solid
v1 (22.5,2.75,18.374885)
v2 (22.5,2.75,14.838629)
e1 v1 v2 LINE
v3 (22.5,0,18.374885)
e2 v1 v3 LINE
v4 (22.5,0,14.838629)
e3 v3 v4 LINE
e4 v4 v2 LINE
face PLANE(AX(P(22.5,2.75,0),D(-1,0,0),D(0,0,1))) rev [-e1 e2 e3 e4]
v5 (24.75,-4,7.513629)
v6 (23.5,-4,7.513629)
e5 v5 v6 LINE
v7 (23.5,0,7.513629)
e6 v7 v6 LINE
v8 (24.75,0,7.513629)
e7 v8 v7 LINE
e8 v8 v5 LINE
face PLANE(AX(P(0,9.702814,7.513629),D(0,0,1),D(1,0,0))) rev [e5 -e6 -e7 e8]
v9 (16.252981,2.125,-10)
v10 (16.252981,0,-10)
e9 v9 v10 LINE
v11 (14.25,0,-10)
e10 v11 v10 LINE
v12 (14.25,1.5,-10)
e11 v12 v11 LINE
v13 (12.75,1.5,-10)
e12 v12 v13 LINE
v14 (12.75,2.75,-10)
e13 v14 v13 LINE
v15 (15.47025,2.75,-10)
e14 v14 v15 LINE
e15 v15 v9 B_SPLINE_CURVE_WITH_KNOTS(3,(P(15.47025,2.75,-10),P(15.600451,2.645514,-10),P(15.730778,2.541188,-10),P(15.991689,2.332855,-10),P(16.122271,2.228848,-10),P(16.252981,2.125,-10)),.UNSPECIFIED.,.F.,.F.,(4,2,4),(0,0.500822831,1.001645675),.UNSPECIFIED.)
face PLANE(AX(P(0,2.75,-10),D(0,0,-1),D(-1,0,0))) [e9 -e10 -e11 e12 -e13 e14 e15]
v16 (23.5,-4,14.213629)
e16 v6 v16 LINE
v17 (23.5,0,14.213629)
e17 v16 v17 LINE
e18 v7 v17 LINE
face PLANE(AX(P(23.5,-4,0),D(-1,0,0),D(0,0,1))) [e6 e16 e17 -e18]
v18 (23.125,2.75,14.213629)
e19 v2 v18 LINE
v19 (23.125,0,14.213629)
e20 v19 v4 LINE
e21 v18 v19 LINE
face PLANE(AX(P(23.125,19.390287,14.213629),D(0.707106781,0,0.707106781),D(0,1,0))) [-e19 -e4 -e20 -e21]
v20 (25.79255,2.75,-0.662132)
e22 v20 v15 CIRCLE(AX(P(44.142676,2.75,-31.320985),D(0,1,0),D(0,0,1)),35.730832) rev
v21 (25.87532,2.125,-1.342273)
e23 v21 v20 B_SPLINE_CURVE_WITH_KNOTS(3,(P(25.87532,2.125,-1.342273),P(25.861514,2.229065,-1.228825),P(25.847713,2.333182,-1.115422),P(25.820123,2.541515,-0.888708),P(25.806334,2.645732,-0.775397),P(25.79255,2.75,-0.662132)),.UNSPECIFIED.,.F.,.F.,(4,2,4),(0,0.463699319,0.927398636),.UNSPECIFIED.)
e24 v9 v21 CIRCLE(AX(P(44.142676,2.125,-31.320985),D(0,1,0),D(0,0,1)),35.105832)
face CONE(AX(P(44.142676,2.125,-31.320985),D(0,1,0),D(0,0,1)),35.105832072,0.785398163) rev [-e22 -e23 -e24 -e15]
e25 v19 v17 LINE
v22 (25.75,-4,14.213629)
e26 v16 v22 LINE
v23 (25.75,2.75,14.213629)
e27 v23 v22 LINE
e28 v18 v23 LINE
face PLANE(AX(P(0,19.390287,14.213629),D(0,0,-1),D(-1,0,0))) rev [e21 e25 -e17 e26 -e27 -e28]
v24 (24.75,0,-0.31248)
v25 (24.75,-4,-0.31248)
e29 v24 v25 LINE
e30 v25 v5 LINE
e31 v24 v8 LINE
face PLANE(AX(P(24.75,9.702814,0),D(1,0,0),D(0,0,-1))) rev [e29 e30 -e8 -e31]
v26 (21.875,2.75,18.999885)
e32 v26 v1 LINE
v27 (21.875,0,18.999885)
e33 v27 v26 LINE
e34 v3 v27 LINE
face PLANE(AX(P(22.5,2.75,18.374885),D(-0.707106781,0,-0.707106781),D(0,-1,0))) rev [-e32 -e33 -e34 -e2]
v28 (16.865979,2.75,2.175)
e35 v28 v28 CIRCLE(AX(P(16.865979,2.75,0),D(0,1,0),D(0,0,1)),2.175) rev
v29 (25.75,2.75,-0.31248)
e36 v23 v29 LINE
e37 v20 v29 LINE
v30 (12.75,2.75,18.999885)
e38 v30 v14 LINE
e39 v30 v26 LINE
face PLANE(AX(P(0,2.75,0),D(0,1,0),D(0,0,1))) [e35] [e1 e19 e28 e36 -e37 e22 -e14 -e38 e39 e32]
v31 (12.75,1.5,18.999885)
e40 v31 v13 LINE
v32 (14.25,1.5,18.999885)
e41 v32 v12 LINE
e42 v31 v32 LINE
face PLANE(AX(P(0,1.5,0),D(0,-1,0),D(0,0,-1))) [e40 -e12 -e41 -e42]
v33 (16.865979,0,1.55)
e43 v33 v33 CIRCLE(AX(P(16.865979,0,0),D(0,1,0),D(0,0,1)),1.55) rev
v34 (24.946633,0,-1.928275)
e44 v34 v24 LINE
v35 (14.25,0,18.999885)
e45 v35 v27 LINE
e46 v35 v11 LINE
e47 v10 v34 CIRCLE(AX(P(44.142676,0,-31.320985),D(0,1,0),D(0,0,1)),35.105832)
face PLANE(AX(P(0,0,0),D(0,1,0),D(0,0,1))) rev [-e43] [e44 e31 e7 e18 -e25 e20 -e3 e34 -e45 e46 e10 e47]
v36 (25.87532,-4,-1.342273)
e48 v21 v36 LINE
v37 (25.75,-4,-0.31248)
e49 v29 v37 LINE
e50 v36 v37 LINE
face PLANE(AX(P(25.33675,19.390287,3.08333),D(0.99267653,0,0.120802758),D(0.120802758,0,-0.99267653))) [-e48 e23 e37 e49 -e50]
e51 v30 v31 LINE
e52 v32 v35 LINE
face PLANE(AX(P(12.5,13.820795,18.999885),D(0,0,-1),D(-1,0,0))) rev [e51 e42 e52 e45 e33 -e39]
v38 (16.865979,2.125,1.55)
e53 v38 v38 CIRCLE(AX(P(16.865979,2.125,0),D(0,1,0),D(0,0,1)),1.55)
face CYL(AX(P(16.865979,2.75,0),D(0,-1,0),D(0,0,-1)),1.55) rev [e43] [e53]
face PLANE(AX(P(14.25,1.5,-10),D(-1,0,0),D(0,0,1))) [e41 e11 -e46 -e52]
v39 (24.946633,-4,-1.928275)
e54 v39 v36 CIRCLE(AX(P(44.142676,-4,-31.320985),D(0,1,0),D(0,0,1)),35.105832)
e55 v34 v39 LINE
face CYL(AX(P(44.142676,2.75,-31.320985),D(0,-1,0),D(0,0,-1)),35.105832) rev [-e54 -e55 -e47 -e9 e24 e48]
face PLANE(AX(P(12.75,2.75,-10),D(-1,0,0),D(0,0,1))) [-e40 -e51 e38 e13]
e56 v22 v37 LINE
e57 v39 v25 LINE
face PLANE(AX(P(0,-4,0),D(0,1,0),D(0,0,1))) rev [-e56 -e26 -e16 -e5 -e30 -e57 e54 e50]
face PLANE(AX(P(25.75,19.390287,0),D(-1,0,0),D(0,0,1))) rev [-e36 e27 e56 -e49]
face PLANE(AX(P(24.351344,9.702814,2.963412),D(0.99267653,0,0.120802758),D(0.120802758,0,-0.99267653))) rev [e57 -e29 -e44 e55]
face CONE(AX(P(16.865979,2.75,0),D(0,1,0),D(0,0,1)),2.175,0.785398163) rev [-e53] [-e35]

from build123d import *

# Parameters (mm, degrees)
SKETCH_219_R           = 1.55
EXTRUDE_1_DEPTH        = 2.75
SKETCH_940_W           = 10.000000002
SKETCH_940_H           = 4.75
EXTRUDE_2_DEPTH        = 2.75
SKETCH_1087_W          = 1
SKETCH_1087_H          = 6.95
EXTRUDE_1846_DEPTH     = 2.75
PCB_START              = -4
SKETCH_6_W             = 1
SKETCH_6_H             = 6.95
PCB_DEPTH              = 4
SKETCH_4_W             = 1.75
SKETCH_4_H             = 28.99988509
CUT_EXTRUDE_2332_DEPTH = 1.5
SKETCH_5_W             = 0.25
SKETCH_5_H             = 28.99988509
CUT_EXTRUDE_2_DEPTH    = 33.350081892
CHAMFER_1_SIZE         = 0.625
CUT_EXTRUDE_4_DEPTH    = 4


with BuildPart() as part:
    # Sketch 219 → 底座-1 (new body)
    with BuildSketch(Plane(origin=(0, 0, 0), x_dir=(1, 0, 0), z_dir=(0, 1, 0))):
        with BuildLine():
            Line((22.500000002, -14.24988509), (22.500000002, -7.263629174))
            Line((22.500000002, -7.263629174), (24.500000002, -7.263629174))
            Line((24.500000002, -7.263629174), (24.500000002, 0.312480077))
            Line((24.500000002, 0.312480077), (24.715186194, 2.08073674))
            ThreePointArc((24.715186194, 2.08073674), (20.15501929, 5.688743466), (16.252981126, 10))
            Line((16.252981126, 10), (12.5, 10))
            Line((12.5, 10), (12.5, -14.24988509))
            Line((12.5, -14.24988509), (22.500000002, -14.24988509))
        make_face()
        with Locations(Location((16.865979255, 0, 0), (0, 0, 270))):
            Circle(SKETCH_219_R, mode=Mode.SUBTRACT)
    extrude(amount=EXTRUDE_1_DEPTH)

    # Sketch 940 → 底座-2 (add)
    with BuildSketch(Plane(origin=(0, 0, 0), x_dir=(1, 0, 0), z_dir=(0, 1, 0))):
        with Locations((17.500000001, -16.62488509)):
            Rectangle(SKETCH_940_W, SKETCH_940_H)
    extrude(amount=EXTRUDE_2_DEPTH)

    # Sketch 1087 → Extrude 1846 (add)
    with BuildSketch(Plane(origin=(0, 0, 0), x_dir=(1, 0, 0), z_dir=(0, 1, 0))):
        with BuildLine():
            ThreePointArc((24.715186194, 2.08073674), (25.291636518, 1.705823535), (25.875319612, 1.342273079))
            Line((25.875319612, 1.342273079), (25.750000002, 0.312480077))
            Line((25.750000002, 0.312480077), (25.750000002, -14.213629174))
            Line((25.750000002, -14.213629174), (24.500000002, -14.213629174))
            Line((24.500000002, -14.213629174), (24.500000002, -7.263629174))
            Line((24.500000002, -7.263629174), (24.500000002, 0.312480077))
            Line((24.500000002, 0.312480077), (24.715186194, 2.08073674))
        make_face()
        with Locations((24.000000002, -10.738629174)):
            Rectangle(SKETCH_1087_W, SKETCH_1087_H)
        with Locations((23.000000002, -10.738629174)):
            Rectangle(SKETCH_1087_W, SKETCH_1087_H)
    extrude(amount=EXTRUDE_1846_DEPTH)

    # Sketch 6 → 底座卡榫-注意PCB突出部分 (add)
    with BuildSketch(Plane(origin=(0, 0, 0), x_dir=(1, 0, 0), z_dir=(0, 1, 0)).offset(PCB_START)):
        with Locations((24.000000002, -10.738629174)):
            Rectangle(SKETCH_6_W, SKETCH_6_H)
        with BuildLine():
            ThreePointArc((24.715186194, 2.08073674), (25.291636518, 1.705823535), (25.875319612, 1.342273079))
            Line((25.875319612, 1.342273079), (25.750000002, 0.312480077))
            Line((25.750000002, 0.312480077), (25.750000002, -14.213629174))
            Line((25.750000002, -14.213629174), (24.500000002, -14.213629174))
            Line((24.500000002, -14.213629174), (24.500000002, -7.263629174))
            Line((24.500000002, -7.263629174), (24.500000002, 0.312480077))
            Line((24.500000002, 0.312480077), (24.715186194, 2.08073674))
        make_face()
    extrude(amount=PCB_DEPTH)

    # 草图4 → Cut-Extrude 2332 (cut)
    with BuildSketch(Plane(origin=(0, 0, 0), x_dir=(1, 0, 0), z_dir=(0, 1, 0))):
        with Locations((13.375, -4.499942545)):
            Rectangle(SKETCH_4_W, SKETCH_4_H)
    extrude(amount=CUT_EXTRUDE_2332_DEPTH, mode=Mode.SUBTRACT)

    # 草图5 → 配合切除-2 (cut, through all)
    with BuildSketch(Plane(origin=(0, 0, 0), x_dir=(1, 0, 0), z_dir=(0, 1, 0))):
        with Locations((12.625, -4.499942545)):
            Rectangle(SKETCH_5_W, SKETCH_5_H)
    extrude(amount=CUT_EXTRUDE_2_DEPTH, mode=Mode.SUBTRACT)

    # 倒角1
    chamfer_1_edges = [part.edges().sort_by_distance(p)[0] for p in [
        (22.500000002, 1.375, 18.99988509),
        (22.500000002, 1.375, 14.213629174),
        (16.865979255, 2.75, -1.55),
        (20.661675073, 2.75, -5.223818951),
    ]]
    chamfer(chamfer_1_edges, length=CHAMFER_1_SIZE)

    # Sketch 6 2 → 切除-拉伸4 (cut)
    with BuildSketch(Plane.XZ.offset(4)):
        with BuildLine():
            Line((24.715186194, -2.08073674), (24.500000002, -0.312480077))
            Line((24.500000002, -0.312480077), (24.500000002, 7.263629174))
            Line((24.500000002, 7.263629174), (23.500000002, 7.263629174))
            Line((23.500000002, 7.263629174), (23.500000002, 7.513629174))
            Line((23.500000002, 7.513629174), (24.750000002, 7.513629174))
            Line((24.750000002, 7.513629174), (24.750000002, -0.312480077))
            Line((24.750000002, -0.312480077), (24.946632534, -1.928275128))
            ThreePointArc((24.946632534, -1.928275128), (24.830758909, -2.004277534), (24.715186194, -2.08073674))
        make_face()
    extrude(amount=-CUT_EXTRUDE_4_DEPTH, mode=Mode.SUBTRACT)


solid = part.part
